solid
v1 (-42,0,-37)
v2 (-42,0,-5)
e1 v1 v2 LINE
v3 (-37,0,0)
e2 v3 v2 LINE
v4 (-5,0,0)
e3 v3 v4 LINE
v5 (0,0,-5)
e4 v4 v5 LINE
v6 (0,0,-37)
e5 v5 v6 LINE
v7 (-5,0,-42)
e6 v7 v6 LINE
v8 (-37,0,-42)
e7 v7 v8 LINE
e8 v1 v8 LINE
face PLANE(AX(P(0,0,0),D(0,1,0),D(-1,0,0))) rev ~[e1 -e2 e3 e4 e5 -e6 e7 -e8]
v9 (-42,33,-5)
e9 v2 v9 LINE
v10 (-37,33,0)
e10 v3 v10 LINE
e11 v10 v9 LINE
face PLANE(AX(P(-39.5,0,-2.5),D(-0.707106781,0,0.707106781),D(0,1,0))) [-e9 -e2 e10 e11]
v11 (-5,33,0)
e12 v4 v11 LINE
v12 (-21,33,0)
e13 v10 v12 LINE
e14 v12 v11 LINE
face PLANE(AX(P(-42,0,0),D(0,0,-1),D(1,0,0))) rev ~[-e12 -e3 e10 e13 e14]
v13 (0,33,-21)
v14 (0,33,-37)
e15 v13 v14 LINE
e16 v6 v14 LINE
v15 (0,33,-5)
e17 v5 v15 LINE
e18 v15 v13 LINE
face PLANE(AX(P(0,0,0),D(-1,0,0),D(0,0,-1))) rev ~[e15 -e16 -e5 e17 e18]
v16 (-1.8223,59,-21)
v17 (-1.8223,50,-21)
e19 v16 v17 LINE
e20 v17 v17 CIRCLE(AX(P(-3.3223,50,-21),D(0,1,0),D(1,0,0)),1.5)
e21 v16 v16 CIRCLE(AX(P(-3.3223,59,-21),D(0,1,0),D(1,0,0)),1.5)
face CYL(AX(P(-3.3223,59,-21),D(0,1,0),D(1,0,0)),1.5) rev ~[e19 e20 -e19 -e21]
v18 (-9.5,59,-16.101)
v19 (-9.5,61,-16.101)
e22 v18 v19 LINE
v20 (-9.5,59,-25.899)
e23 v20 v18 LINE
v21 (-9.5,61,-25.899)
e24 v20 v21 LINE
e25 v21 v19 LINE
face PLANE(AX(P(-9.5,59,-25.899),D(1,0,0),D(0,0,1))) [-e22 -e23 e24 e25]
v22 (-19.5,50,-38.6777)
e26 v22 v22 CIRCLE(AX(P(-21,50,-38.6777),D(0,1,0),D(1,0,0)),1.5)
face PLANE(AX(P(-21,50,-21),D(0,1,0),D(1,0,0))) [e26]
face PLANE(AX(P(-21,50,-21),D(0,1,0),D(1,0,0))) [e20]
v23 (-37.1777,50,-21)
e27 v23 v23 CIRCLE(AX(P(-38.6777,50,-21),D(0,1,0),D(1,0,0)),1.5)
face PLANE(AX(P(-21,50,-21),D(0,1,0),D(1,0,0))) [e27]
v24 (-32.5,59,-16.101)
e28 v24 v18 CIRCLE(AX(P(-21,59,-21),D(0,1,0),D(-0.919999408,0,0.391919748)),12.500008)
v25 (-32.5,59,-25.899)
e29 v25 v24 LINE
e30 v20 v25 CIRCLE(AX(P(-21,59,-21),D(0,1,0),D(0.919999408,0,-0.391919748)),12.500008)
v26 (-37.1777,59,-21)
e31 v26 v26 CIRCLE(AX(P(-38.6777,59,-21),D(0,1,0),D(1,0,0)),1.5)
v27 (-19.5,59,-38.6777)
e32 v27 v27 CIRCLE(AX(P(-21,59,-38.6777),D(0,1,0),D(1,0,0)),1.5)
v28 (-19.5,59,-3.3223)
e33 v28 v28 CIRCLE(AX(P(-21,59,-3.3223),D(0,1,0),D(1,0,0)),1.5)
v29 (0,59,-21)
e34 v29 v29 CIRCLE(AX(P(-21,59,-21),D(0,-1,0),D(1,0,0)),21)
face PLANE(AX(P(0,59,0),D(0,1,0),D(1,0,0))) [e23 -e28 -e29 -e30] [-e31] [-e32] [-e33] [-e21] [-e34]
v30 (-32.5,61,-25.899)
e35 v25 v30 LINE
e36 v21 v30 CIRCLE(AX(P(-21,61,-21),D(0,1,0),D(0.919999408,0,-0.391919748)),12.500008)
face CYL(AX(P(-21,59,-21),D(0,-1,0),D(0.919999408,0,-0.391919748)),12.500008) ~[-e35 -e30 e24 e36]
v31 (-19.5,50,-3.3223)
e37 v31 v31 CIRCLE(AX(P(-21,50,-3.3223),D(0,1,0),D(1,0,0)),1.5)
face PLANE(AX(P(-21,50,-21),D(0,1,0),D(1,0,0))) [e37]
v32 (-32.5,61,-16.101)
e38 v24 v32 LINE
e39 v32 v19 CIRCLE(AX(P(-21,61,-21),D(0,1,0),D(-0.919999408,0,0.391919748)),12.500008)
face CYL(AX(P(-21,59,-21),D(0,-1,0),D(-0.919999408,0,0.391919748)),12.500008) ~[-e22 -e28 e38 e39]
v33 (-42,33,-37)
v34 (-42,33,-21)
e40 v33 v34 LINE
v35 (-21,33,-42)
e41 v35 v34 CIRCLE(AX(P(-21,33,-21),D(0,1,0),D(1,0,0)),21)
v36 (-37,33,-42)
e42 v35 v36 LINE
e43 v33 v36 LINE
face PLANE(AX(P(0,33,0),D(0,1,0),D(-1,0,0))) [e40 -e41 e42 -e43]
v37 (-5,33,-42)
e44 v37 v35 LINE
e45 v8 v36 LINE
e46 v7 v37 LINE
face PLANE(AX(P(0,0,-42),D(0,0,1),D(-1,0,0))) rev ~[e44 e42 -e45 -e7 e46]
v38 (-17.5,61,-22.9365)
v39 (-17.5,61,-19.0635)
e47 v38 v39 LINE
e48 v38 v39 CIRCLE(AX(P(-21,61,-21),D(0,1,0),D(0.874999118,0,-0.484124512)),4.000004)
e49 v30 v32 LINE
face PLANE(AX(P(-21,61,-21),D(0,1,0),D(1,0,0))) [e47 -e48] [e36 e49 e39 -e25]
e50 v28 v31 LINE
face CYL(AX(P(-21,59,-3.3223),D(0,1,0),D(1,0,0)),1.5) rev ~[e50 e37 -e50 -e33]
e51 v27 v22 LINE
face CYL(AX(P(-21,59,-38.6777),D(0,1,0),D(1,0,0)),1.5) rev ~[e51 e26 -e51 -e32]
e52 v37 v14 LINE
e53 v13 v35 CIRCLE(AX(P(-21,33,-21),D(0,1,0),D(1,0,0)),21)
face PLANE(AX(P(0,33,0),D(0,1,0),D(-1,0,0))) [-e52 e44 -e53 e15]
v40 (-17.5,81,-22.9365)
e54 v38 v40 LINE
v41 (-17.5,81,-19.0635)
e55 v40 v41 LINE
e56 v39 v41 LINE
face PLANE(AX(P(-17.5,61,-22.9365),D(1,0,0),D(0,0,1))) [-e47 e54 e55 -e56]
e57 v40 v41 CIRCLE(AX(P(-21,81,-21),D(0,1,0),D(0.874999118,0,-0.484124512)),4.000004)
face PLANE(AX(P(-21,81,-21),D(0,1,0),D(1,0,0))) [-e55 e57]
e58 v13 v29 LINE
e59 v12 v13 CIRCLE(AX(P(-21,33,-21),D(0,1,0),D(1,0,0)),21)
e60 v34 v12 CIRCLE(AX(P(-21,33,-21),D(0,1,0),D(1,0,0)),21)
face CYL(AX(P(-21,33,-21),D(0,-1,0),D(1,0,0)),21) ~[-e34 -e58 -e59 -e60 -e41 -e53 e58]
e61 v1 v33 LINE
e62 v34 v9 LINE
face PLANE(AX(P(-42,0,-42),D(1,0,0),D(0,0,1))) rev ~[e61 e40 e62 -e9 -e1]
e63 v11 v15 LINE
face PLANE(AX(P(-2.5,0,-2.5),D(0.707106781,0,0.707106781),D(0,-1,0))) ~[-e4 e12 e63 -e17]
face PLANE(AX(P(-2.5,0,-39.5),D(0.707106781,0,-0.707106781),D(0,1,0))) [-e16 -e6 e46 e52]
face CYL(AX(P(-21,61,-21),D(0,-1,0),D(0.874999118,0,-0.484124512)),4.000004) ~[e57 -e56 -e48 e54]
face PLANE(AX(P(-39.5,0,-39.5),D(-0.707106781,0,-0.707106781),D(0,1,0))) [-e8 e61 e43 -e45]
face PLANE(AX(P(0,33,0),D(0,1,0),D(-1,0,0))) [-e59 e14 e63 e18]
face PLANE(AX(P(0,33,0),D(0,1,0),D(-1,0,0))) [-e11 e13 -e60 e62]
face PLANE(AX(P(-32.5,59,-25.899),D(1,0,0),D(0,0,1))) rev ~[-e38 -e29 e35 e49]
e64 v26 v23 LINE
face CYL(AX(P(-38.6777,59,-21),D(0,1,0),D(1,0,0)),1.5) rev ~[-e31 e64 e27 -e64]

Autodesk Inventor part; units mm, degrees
ref_plane "YZ Plane" through (0, 0, 0) normal (1, 0, 0) x (0, 1, 0)
ref_plane "XZ Plane" through (0, 0, 0) normal (0, 1, 0) x (-1, 0, 0)
ref_plane "XY Plane" through (0, 0, 0) normal (0, 0, 1) x (1, 0, 0)
sketch "Sketch1" plane through (0, 0, 0) normal (0, 1, 0) x (-1, 0, 0)
  line L0 (0, 0) -> (0, -42)
  line L1 (0, -42) -> (42, -42)
  line L2 (42, -42) -> (42, 0)
  line L3 (42, 0) -> (0, 0)
  dimension "d0" = 42
  dimension "d1" = 42
extrude "Extrusion1" add sketch "Sketch1" along normal blind 33
chamfer "Chamfer1" distance 5 angle 45 4 edges at (0, 16.5, 0) (-42, 16.5, 0) (-42, 16.5, -42) (0, 16.5, -42)
sketch "Sketch2" plane through (0, 33, 0) normal (0, 1, 0) x (1, 0, 0)
  line L0 (-5, 42) -> (-37, 42) projected
  line L1 (0, 5) -> (0, 37) projected
  circle A0 centre (-21, 21) radius 21
  point P0 (0, 0)
  dimension "d7" = 42
  dimension "d8" = 21
  dimension "d9" = 21
extrude "Extrusion2" add sketch "Sketch2" along normal blind 26
sketch "Sketch3" plane through (-21, 59, -21) normal (0, 1, 0) x (1, 0, 0)
  circle A0 centre (0, 0) radius 21 projected
  line L0 (11.5, 4.899) -> (11.5, -4.899)
  line L1 (-11.5, 4.899) -> (-11.5, -4.899)
  arc A1 (-11.5, -4.899) -> (11.5, -4.899) centre (0, 0) ccw
  arc A2 (11.5, 4.899) -> (-11.5, 4.899) centre (0, 0) ccw
  point P0 (21, -21)
  dimension "d13" = 11.5
  dimension "d14" = 11.5
  dimension "d15" = 12.5
  dimension "d16" = 12.5
extrude "Extrusion3" add sketch "Sketch3" along normal blind 2 contours L0 A1 L1 A2
sketch "Sketch4" plane through (-21, 61, -21) normal (0, 1, 0) x (1, 0, 0)
  arc A0 (11.5, 4.899) -> (-11.5, 4.899) centre (0, 0) ccw projected
  arc A1 (-11.5, -4.899) -> (11.5, -4.899) centre (0, 0) ccw projected
  arc A2 (3.5, 1.9365) -> (3.5, -1.9365) centre (0, 0) ccw
  line L0 (3.5, 1.9365) -> (3.5, -1.9365)
  point P0 (21, -21)
  dimension "d19" = 8
  dimension "d20" = 3.5
extrude "Extrusion4" add sketch "Sketch4" along normal blind 20
sketch "Sketch5" plane through (-21, 59, -21) normal (0, 1, 0) x (1, 0, 0)
  arc A0 (-11.5, -4.899) -> (11.5, -4.899) centre (0, 0) ccw projected
  circle A1 centre (0, -17.6777) radius 1.5
  circle A2 centre (17.6777, 0) radius 1.5
  circle A3 centre (0, 17.6777) radius 1.5
  circle A4 centre (-17.6777, 0) radius 1.5
  point P0 (21, -21)
  dimension "d23" = 3
  dimension "d26" = 25
  dimension "d27" = 25
  dimension "d29" = 17.6777
  dimension "d30" = 17.6777
  dimension "d31" = 17.6777
  dimension "d32" = 17.6777
extrude "Extrusion5" cut sketch "Sketch5" against normal blind 9
thread "Thread1" size "M3x0.5" class "6H" standard "ANSI Metric M Profile" full length
thread "Thread2" size "M3x0.5" class "6H" standard "ANSI Metric M Profile" full length
thread "Thread3" size "M3x0.5" class "6H" standard "ANSI Metric M Profile" full length
thread "Thread4" size "M3x0.5" class "6H" standard "ANSI Metric M Profile" full length
equation "\"d30\" = d29"
equation "\"d32\" = d31"
properties part number "StepperMotorNema17Geared" material "Aluminum 6061"
